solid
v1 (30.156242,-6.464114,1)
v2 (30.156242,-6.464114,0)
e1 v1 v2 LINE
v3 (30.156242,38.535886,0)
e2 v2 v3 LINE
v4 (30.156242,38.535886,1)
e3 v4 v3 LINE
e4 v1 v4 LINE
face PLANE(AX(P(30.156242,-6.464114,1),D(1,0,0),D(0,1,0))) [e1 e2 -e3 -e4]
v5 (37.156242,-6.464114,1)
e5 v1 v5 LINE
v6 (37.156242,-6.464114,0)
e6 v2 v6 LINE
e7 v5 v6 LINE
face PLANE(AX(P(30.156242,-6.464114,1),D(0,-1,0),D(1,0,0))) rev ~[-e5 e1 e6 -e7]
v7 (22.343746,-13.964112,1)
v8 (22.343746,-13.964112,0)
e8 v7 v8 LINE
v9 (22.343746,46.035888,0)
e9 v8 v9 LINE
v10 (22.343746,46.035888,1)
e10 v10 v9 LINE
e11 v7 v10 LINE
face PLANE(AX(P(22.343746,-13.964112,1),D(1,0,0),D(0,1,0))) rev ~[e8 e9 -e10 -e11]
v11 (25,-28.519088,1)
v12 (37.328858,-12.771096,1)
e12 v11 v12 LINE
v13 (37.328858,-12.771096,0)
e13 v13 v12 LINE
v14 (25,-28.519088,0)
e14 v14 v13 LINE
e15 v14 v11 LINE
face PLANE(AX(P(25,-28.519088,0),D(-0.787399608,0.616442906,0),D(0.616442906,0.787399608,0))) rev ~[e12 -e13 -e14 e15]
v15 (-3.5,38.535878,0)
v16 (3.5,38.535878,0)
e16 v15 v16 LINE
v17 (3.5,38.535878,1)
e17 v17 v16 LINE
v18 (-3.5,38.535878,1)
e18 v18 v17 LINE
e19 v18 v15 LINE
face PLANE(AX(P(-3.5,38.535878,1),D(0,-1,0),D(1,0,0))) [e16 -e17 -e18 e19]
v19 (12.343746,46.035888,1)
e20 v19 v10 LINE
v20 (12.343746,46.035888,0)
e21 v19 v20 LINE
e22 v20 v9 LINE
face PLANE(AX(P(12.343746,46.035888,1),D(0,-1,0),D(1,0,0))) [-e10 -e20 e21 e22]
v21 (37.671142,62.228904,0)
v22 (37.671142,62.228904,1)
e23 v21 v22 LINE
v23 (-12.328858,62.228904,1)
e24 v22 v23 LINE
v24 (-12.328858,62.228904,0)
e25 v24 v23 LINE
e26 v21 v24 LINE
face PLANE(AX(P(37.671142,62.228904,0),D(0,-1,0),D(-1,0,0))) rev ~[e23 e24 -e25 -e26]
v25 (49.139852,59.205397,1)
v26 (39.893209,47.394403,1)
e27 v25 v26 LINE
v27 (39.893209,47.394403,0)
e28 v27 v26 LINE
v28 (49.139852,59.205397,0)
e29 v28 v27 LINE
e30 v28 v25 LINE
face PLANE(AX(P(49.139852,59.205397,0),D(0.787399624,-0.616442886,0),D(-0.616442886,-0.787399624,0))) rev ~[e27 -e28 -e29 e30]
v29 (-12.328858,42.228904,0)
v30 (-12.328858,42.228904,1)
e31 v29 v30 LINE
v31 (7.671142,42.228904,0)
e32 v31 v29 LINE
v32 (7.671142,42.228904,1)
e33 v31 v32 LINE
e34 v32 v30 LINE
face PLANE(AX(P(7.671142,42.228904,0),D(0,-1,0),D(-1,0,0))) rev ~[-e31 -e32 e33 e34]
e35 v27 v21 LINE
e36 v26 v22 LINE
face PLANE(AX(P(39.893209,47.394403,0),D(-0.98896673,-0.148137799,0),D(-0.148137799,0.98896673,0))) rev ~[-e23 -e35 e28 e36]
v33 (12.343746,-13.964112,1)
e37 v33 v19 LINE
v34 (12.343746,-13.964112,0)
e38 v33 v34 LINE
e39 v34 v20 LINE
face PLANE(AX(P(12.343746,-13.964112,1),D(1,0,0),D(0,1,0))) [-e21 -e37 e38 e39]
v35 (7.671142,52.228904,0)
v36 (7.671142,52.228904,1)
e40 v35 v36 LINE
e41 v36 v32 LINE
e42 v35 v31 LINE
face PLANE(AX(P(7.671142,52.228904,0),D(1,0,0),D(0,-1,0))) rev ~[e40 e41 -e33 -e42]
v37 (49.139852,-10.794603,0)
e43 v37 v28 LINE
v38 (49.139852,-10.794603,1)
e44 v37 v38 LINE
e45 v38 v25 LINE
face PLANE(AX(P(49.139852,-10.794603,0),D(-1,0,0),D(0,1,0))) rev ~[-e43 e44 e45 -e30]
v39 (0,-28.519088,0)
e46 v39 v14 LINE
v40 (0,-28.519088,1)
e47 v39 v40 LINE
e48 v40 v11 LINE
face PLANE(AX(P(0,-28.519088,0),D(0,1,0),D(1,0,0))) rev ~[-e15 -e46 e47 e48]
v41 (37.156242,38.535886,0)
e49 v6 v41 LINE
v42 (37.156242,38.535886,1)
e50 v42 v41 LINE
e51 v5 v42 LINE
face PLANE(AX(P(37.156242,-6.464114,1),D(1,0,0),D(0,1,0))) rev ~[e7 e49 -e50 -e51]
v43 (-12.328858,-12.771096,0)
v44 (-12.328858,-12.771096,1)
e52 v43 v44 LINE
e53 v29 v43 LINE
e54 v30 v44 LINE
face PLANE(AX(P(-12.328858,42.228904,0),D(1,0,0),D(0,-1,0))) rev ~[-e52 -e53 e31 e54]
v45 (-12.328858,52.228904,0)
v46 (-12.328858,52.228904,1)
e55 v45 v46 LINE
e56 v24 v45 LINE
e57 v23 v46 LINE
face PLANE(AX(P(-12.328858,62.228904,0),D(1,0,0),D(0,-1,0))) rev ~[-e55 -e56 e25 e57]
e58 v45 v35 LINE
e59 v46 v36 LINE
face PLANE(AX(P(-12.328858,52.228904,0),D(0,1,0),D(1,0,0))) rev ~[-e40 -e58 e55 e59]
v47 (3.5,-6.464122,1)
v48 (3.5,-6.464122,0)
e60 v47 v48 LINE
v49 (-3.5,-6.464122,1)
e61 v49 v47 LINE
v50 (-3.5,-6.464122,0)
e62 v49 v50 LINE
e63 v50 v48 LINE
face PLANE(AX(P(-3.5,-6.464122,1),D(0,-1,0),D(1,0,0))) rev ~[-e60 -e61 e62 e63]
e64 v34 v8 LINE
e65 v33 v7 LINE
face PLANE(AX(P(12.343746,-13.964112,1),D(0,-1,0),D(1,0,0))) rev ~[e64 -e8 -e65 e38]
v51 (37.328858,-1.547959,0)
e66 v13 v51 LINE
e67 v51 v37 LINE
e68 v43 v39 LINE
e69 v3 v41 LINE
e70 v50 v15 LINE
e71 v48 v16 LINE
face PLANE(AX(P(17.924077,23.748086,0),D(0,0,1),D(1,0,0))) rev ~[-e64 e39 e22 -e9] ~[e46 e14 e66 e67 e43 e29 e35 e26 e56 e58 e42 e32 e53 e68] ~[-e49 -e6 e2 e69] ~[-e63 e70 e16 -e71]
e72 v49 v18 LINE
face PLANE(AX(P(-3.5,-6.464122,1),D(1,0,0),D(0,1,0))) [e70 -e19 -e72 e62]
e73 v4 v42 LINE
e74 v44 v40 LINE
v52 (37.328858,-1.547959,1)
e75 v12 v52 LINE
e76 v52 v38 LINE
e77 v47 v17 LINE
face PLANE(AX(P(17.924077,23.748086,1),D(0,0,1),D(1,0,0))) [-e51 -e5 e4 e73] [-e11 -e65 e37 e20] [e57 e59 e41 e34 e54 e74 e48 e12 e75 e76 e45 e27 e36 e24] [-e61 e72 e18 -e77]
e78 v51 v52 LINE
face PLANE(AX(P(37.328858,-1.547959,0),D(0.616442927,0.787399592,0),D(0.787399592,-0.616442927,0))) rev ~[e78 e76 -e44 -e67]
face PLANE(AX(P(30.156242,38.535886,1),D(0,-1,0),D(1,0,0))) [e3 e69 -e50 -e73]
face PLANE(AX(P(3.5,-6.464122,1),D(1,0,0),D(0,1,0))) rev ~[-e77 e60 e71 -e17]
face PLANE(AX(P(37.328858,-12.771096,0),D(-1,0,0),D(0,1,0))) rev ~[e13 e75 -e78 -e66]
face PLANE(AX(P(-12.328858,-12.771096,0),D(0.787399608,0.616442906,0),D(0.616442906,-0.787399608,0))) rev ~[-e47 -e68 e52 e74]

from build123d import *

# Parameters (mm, degrees)
F1_DEPTH = 1
F2_W     = 10
F2_H     = 60
F2_W_2   = 7
F2_H_2   = 45
F3_DEPTH = 25


with BuildPart() as f1:
    # F0 (on Top) → F1 (new body)
    with BuildSketch(Plane.XY):
        Polygon((49.139852, 59.205397), (39.893209, 47.394403), (37.671142, 62.228904), (-12.328858, 62.228904), (-12.328858, 52.228904), (7.671142, 52.228904), (7.671142, 42.228904), (-12.328858, 42.228904), (-12.328858, -12.771096), (0, -28.519088), (25, -28.519088), (37.328858, -12.771096), (37.328858, -1.547959), (49.139852, -10.794603), align=None)
    extrude(amount=F1_DEPTH)

    # F2 (on face) → F3 (cut)
    with BuildSketch(Plane.XY.offset(1)):
        with Locations((17.343746, 16.035888)):
            Rectangle(F2_W, F2_H)
        with Locations((0, 16.035878)):
            Rectangle(F2_W_2, F2_H_2)
        with Locations((33.656242, 16.035886)):
            Rectangle(F2_W_2, F2_H_2)
    extrude(amount=-F3_DEPTH, mode=Mode.SUBTRACT)


solid = f1.part
